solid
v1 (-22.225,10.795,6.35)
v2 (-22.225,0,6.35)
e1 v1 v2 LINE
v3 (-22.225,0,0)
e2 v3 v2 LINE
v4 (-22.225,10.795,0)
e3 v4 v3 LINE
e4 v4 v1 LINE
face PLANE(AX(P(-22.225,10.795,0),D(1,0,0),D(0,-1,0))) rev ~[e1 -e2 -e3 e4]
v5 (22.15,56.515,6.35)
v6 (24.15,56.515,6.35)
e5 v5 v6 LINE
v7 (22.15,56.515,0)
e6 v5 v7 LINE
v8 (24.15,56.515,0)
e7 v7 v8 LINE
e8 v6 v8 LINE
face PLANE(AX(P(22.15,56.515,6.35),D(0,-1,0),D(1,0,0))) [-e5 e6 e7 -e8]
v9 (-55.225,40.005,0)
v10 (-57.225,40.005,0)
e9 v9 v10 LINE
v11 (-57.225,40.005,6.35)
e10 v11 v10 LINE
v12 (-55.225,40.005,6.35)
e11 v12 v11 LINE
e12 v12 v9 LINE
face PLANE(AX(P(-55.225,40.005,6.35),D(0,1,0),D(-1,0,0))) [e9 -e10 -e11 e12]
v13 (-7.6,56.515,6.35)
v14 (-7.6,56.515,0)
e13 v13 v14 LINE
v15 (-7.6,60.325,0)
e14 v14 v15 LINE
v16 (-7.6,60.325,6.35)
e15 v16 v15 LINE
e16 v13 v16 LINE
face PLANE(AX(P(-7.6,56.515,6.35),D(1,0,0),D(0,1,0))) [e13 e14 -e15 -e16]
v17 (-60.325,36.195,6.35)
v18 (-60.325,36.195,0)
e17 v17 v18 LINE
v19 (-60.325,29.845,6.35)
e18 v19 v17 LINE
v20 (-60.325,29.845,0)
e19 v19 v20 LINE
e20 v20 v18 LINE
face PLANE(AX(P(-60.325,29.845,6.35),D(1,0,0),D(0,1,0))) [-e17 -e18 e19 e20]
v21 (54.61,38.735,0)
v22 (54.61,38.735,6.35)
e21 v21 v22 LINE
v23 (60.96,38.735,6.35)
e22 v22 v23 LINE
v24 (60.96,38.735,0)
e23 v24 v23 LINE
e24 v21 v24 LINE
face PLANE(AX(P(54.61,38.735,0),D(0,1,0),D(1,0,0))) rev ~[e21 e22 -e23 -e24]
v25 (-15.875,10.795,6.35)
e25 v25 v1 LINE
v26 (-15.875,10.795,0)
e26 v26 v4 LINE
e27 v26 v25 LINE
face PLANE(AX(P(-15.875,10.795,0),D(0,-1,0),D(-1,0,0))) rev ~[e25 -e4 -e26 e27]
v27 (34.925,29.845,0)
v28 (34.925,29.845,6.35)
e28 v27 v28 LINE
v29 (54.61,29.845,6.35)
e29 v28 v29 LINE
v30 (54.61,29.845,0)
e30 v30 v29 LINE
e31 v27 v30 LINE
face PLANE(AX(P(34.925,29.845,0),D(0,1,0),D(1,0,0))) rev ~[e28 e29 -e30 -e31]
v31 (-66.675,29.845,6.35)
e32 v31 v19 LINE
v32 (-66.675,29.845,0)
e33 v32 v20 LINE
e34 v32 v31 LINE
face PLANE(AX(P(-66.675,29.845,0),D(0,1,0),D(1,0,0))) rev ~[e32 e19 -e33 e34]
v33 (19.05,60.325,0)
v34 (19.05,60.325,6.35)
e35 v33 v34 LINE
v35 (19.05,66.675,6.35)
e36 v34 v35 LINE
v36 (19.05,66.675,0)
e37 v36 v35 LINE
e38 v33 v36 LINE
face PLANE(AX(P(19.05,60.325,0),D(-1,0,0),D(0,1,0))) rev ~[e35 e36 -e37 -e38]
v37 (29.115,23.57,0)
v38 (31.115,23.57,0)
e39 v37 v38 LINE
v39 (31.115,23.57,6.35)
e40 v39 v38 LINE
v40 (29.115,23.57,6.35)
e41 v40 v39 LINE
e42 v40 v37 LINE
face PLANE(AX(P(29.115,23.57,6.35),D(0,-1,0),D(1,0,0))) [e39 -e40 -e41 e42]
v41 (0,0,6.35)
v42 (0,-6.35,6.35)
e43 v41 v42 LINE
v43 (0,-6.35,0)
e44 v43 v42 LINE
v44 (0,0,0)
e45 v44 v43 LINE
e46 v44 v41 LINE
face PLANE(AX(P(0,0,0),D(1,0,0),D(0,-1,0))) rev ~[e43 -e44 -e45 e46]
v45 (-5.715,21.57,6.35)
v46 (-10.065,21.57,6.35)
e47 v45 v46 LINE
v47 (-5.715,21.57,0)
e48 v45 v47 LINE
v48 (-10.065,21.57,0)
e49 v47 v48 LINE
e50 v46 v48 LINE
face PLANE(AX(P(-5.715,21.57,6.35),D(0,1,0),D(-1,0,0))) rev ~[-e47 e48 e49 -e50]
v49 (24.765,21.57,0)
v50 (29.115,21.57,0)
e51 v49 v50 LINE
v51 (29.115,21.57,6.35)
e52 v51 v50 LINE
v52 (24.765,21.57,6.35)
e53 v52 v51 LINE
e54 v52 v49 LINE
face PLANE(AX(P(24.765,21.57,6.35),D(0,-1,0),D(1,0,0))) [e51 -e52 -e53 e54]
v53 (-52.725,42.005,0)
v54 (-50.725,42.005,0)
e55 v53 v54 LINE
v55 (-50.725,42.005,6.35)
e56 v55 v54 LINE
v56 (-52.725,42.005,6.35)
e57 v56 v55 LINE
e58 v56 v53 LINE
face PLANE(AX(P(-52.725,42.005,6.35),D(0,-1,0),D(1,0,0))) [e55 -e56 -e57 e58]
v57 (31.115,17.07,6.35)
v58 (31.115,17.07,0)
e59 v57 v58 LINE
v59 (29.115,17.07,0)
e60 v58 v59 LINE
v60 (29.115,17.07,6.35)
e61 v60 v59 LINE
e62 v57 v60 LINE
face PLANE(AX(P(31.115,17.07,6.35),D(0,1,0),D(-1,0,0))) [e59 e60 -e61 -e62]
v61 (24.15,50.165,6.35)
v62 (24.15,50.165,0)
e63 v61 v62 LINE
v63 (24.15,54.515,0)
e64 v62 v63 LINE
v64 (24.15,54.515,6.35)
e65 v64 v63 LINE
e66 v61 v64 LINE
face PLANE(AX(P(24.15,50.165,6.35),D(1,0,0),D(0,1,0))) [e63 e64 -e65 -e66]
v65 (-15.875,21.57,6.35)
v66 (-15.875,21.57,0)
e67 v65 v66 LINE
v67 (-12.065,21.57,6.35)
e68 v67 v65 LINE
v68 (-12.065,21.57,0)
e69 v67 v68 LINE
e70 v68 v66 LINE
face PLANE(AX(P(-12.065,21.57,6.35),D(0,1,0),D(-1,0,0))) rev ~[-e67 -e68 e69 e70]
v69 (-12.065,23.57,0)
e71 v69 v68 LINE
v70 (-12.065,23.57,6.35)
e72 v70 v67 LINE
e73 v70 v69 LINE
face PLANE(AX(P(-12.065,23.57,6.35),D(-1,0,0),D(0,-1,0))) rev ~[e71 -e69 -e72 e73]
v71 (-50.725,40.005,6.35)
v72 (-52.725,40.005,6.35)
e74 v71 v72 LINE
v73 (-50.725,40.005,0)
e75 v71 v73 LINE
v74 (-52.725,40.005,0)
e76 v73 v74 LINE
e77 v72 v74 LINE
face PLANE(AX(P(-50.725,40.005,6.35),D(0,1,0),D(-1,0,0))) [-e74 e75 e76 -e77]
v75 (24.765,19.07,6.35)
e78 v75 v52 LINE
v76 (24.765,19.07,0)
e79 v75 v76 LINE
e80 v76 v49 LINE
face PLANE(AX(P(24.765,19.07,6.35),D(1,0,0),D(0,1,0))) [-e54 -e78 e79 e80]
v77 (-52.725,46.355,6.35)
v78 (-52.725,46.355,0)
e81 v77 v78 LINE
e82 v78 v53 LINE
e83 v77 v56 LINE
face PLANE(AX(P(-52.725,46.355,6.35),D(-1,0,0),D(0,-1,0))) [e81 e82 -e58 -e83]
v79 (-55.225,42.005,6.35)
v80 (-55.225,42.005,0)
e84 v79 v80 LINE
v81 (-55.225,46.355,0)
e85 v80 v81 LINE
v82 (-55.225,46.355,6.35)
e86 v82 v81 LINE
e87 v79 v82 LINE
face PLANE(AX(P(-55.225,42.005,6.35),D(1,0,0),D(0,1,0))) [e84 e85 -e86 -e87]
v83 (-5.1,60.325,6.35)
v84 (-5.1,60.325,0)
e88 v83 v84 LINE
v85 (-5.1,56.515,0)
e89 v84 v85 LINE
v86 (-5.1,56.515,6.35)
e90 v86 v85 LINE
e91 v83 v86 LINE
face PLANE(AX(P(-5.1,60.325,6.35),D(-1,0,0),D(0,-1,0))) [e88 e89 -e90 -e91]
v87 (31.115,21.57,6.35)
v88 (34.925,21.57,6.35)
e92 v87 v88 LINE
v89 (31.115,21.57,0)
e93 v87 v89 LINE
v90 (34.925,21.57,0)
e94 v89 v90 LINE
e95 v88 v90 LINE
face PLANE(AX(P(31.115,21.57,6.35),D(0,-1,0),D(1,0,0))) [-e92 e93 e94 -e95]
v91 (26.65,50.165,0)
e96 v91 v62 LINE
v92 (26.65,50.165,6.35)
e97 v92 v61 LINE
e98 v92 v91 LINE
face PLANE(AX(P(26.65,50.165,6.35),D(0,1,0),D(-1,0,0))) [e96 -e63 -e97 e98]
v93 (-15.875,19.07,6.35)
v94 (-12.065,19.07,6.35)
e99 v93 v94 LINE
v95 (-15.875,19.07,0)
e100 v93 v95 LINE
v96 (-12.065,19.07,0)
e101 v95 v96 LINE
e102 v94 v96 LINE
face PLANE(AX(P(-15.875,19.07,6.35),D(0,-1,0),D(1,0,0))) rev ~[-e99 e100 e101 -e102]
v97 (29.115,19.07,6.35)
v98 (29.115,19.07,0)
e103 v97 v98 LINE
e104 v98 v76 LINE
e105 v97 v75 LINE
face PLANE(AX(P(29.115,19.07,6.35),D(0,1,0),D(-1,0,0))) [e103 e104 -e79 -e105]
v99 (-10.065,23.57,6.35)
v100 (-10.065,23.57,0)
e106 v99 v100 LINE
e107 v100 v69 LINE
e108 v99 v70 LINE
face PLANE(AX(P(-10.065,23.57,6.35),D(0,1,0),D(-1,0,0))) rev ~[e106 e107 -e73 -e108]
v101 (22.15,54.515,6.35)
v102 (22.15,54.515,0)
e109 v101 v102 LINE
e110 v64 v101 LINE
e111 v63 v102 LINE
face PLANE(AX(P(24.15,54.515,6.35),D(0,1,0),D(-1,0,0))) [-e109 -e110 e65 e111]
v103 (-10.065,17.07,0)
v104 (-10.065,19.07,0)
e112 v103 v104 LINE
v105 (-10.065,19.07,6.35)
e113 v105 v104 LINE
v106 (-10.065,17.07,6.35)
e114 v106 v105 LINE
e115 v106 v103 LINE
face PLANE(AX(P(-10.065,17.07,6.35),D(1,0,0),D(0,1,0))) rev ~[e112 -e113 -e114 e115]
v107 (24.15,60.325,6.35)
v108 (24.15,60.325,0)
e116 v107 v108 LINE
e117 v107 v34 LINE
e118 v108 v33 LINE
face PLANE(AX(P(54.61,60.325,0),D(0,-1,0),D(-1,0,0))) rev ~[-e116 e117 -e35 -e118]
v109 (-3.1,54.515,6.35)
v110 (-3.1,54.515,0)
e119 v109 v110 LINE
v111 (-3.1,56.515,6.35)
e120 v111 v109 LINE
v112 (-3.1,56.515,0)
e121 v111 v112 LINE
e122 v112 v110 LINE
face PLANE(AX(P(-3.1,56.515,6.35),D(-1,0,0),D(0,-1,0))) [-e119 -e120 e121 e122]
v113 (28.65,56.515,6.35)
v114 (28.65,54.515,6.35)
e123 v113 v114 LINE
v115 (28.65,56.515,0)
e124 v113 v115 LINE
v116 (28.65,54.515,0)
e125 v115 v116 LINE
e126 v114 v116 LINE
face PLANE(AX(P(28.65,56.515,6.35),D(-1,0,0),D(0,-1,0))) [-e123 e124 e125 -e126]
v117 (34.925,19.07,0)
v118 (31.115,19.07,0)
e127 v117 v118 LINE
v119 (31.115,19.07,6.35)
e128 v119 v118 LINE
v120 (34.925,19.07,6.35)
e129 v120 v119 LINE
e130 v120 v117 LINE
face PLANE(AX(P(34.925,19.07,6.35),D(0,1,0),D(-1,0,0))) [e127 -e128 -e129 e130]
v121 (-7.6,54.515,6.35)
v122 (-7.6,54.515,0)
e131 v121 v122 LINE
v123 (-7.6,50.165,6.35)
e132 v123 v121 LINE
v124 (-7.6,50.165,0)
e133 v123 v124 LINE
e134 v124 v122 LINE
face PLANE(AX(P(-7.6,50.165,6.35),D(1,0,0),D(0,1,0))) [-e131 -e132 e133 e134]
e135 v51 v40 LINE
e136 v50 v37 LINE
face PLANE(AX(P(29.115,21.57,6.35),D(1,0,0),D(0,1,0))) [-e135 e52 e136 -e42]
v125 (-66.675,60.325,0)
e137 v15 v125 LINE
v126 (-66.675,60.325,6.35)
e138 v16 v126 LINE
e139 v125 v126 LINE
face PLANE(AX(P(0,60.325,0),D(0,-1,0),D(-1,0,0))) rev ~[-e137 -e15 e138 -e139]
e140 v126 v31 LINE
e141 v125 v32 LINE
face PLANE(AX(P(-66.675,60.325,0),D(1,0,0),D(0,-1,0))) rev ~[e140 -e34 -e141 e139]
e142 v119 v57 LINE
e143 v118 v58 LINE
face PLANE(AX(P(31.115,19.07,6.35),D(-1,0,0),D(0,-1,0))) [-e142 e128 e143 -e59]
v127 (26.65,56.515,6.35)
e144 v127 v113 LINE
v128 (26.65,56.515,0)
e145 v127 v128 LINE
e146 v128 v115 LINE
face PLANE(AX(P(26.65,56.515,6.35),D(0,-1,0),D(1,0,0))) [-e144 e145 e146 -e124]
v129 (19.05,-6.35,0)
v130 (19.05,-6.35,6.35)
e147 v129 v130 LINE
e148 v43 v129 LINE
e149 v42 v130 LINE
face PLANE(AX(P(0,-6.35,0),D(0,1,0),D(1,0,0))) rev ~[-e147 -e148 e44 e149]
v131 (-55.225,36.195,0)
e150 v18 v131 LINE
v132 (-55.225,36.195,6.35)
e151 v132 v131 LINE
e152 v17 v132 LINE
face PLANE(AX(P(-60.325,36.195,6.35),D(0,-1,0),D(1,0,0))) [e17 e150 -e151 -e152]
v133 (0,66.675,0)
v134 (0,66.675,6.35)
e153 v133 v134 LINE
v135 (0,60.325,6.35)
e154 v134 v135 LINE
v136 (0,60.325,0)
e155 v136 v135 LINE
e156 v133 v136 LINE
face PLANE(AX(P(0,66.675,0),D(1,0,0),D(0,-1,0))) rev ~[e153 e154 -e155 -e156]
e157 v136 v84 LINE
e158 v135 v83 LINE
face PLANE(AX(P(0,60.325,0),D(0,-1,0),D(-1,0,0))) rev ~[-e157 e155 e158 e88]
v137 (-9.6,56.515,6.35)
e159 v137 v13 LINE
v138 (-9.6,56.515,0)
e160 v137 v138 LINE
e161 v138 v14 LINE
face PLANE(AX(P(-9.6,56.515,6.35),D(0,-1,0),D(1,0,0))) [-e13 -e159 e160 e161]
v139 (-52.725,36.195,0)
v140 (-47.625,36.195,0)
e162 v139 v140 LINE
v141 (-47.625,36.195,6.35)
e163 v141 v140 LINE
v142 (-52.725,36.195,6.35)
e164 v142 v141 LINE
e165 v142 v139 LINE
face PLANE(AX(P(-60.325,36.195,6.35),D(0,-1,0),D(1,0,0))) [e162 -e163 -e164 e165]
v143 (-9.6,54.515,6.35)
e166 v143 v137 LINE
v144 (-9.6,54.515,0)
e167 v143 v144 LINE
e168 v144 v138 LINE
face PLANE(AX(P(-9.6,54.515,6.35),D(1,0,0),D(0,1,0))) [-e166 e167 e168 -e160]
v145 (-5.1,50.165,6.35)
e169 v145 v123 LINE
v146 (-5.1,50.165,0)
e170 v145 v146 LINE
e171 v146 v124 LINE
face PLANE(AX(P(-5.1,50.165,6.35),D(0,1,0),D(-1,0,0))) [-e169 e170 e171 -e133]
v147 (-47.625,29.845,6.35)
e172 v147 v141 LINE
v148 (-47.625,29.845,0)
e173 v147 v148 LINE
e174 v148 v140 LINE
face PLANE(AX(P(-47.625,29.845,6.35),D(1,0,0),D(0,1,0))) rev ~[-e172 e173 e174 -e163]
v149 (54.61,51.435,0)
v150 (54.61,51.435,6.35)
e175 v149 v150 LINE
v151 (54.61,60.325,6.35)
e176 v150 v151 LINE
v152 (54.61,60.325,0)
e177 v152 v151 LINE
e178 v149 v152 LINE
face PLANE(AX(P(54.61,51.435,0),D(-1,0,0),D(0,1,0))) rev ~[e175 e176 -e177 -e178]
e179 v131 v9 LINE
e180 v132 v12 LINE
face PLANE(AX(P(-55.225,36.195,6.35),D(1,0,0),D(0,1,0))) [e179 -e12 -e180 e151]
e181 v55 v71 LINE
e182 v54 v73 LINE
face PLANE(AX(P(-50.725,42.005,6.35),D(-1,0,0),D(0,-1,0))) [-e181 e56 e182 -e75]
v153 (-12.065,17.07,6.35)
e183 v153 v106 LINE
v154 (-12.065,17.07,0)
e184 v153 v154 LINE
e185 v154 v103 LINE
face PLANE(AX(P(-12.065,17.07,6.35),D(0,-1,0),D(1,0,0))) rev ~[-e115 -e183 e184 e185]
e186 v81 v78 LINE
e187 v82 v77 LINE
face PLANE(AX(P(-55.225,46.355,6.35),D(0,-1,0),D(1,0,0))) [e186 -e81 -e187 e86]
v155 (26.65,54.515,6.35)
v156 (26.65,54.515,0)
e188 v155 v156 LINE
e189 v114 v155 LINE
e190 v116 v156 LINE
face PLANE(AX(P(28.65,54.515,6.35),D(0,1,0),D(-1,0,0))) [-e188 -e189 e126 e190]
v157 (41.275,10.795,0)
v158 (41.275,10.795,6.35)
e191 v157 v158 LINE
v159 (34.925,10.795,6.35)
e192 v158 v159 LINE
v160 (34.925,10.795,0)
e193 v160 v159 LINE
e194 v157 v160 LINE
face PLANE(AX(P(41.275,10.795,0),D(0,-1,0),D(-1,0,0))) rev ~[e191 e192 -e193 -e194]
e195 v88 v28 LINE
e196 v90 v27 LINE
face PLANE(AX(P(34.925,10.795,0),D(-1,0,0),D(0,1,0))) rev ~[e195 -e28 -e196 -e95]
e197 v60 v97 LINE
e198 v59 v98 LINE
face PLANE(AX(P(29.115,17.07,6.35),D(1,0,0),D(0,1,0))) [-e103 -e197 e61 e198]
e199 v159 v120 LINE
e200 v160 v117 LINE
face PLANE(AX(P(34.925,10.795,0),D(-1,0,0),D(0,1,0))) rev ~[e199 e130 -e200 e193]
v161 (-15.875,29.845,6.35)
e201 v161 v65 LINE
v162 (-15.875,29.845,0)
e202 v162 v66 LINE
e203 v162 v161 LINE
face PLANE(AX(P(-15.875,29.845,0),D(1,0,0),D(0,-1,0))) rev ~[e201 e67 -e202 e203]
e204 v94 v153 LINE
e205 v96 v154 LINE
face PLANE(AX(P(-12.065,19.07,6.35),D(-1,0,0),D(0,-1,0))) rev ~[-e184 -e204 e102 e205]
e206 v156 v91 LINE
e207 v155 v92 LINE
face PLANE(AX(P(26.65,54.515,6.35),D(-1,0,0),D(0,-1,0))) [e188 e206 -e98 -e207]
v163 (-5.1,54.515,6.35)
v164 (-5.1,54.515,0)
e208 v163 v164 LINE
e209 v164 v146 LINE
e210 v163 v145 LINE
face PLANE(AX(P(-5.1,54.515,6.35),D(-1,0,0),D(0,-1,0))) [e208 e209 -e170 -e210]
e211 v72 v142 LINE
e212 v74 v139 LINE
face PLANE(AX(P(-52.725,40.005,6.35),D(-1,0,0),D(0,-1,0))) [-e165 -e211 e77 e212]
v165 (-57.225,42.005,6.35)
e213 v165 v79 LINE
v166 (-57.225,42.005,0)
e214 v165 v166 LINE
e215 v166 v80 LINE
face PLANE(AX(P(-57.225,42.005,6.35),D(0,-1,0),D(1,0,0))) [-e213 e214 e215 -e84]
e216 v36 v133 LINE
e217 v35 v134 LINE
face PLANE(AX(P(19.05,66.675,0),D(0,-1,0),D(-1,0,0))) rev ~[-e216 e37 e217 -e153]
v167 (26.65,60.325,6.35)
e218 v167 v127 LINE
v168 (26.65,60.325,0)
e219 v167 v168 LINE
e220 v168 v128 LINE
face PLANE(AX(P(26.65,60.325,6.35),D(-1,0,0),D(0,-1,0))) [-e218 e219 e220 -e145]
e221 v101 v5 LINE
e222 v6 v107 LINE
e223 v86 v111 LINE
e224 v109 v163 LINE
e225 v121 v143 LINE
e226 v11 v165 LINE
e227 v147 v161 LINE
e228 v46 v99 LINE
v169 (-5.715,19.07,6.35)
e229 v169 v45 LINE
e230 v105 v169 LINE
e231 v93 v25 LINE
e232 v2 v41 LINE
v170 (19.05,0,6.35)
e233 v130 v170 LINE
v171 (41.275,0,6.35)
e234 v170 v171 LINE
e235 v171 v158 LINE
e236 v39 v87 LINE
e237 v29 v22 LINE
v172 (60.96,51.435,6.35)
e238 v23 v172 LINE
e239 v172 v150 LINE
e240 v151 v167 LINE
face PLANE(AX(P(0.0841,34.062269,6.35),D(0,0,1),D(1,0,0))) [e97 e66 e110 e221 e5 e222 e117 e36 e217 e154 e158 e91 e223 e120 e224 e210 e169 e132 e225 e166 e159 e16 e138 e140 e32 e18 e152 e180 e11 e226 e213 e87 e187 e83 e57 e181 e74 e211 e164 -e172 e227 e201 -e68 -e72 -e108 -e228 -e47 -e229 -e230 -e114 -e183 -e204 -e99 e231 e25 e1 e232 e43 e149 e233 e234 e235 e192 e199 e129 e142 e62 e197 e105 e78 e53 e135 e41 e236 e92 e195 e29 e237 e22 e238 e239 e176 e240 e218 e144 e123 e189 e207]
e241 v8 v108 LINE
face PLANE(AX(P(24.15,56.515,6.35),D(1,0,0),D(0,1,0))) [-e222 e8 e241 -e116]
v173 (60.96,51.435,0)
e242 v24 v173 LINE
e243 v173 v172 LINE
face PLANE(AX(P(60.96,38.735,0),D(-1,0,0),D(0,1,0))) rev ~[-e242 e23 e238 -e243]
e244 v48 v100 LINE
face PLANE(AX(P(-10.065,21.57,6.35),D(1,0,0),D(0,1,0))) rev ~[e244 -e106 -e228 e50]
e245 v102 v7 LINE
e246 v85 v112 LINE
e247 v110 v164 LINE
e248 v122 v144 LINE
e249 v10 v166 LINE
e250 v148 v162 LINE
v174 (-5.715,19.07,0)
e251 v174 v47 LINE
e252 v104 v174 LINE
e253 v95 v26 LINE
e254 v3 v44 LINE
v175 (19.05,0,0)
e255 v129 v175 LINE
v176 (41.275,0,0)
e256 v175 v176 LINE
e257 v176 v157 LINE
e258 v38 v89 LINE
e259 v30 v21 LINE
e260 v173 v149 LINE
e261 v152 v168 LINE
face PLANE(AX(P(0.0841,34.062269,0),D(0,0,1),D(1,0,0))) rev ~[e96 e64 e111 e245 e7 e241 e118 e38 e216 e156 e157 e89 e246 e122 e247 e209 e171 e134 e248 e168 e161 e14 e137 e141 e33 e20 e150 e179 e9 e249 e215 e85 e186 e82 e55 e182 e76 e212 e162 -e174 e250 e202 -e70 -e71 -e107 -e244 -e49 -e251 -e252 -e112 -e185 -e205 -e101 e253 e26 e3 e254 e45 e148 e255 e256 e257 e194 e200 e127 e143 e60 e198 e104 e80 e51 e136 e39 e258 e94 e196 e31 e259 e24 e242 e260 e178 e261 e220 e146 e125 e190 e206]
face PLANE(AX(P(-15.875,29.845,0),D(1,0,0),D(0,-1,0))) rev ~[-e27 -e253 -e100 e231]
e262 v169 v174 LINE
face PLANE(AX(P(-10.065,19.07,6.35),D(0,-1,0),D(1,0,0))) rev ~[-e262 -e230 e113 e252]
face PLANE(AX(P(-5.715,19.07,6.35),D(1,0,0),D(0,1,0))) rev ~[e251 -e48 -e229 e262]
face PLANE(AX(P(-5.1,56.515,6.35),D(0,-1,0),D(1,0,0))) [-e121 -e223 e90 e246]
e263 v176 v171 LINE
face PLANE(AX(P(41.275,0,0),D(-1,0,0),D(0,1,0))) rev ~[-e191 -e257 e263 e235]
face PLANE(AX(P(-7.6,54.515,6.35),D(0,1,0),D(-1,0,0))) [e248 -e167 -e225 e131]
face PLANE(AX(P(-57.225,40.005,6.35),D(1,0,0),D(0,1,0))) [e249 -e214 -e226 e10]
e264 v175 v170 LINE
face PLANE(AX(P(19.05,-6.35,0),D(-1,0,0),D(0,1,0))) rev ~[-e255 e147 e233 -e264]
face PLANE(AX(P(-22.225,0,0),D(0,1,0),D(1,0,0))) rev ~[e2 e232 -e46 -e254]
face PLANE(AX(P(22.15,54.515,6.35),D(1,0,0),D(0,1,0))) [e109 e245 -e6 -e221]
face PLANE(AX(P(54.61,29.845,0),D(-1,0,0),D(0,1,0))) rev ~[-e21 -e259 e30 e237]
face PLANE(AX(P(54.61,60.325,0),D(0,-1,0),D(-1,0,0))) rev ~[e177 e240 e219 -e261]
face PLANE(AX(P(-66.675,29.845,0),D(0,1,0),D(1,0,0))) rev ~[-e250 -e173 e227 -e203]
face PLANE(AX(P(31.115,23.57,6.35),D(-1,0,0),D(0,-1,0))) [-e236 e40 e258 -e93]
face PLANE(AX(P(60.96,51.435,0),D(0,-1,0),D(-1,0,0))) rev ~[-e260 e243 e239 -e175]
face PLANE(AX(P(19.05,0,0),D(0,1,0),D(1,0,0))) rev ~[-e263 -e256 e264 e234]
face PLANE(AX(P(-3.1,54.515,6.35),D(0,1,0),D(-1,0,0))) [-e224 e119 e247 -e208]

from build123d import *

# Parameters (mm, degrees)
BOSS_EXTRUDE1_DEPTH = 6.35
SKETCH2_W           = 12.7
SKETCH2_H           = 6.35
CUT_EXTRUDE1_DEPTH  = 7.35
CUT_EXTRUDE2_DEPTH  = 7.35
CUT_EXTRUDE3_DEPTH  = 7.35


with BuildPart() as part:
    # Sketch1 → Boss-Extrude1 (new body)
    with BuildSketch(Plane.XY):
        Polygon((0, -6.35), (19.05, -6.35), (19.05, 0), (34.925, 0), (41.275, 0), (41.275, 10.795), (34.925, 10.795), (34.925, 29.845), (54.61, 29.845), (54.61, 38.735), (60.96, 38.735), (60.96, 51.435), (54.61, 51.435), (54.61, 60.325), (34.925, 60.325), (19.05, 60.325), (19.05, 66.675), (0, 66.675), (0, 60.325), (-15.875, 60.325), (-66.675, 60.325), (-66.675, 29.845), (-15.875, 29.845), (-15.875, 10.795), (-22.225, 10.795), (-22.225, 0), (-15.875, 0), (0, 0), align=None)
    extrude(amount=BOSS_EXTRUDE1_DEPTH)

    # Sketch2 → Cut-Extrude1 (cut, through all)
    with BuildSketch(Plane.XY.offset(6.35)):
        with Locations((-53.975, 33.02)):
            Rectangle(SKETCH2_W, SKETCH2_H)
    extrude(amount=-CUT_EXTRUDE1_DEPTH, mode=Mode.SUBTRACT)

    # Sketch3 → Cut-Extrude2 (cut, through all)
    with BuildSketch(Plane.XY.offset(6.35)):
        Polygon((-15.875, 21.57), (-15.875, 19.07), (-12.065, 19.07), (-12.065, 17.07), (-10.065, 17.07), (-10.065, 19.07), (-5.715, 19.07), (-5.715, 21.57), (-10.065, 21.57), (-10.065, 23.57), (-12.065, 23.57), (-12.065, 21.57), align=None)
        Polygon((34.925, 21.57), (34.925, 19.07), (31.115, 19.07), (31.115, 17.07), (29.115, 17.07), (29.115, 19.07), (24.765, 19.07), (24.765, 21.57), (29.115, 21.57), (29.115, 23.57), (31.115, 23.57), (31.115, 21.57), align=None)
    extrude(amount=-CUT_EXTRUDE2_DEPTH, mode=Mode.SUBTRACT)

    # Sketch5 → Cut-Extrude3 (cut, through all)
    with BuildSketch(Plane.XY.offset(6.35)):
        Polygon((-3.1, 56.515), (-3.1, 54.515), (-5.1, 54.515), (-5.1, 50.165), (-7.6, 50.165), (-7.6, 54.515), (-9.6, 54.515), (-9.6, 56.515), (-7.6, 56.515), (-7.6, 60.325), (-5.1, 60.325), (-5.1, 56.515), align=None)
        Polygon((26.65, 60.325), (26.65, 56.515), (28.65, 56.515), (28.65, 54.515), (26.65, 54.515), (26.65, 50.165), (24.15, 50.165), (24.15, 54.515), (22.15, 54.515), (22.15, 56.515), (24.15, 56.515), (24.15, 60.325), align=None)
        Polygon((-52.725, 42.005), (-50.725, 42.005), (-50.725, 40.005), (-52.725, 40.005), (-52.725, 36.195), (-55.225, 36.195), (-55.225, 40.005), (-57.225, 40.005), (-57.225, 42.005), (-55.225, 42.005), (-55.225, 46.355), (-52.725, 46.355), align=None)
    extrude(amount=-CUT_EXTRUDE3_DEPTH, mode=Mode.SUBTRACT)


solid = part.part
